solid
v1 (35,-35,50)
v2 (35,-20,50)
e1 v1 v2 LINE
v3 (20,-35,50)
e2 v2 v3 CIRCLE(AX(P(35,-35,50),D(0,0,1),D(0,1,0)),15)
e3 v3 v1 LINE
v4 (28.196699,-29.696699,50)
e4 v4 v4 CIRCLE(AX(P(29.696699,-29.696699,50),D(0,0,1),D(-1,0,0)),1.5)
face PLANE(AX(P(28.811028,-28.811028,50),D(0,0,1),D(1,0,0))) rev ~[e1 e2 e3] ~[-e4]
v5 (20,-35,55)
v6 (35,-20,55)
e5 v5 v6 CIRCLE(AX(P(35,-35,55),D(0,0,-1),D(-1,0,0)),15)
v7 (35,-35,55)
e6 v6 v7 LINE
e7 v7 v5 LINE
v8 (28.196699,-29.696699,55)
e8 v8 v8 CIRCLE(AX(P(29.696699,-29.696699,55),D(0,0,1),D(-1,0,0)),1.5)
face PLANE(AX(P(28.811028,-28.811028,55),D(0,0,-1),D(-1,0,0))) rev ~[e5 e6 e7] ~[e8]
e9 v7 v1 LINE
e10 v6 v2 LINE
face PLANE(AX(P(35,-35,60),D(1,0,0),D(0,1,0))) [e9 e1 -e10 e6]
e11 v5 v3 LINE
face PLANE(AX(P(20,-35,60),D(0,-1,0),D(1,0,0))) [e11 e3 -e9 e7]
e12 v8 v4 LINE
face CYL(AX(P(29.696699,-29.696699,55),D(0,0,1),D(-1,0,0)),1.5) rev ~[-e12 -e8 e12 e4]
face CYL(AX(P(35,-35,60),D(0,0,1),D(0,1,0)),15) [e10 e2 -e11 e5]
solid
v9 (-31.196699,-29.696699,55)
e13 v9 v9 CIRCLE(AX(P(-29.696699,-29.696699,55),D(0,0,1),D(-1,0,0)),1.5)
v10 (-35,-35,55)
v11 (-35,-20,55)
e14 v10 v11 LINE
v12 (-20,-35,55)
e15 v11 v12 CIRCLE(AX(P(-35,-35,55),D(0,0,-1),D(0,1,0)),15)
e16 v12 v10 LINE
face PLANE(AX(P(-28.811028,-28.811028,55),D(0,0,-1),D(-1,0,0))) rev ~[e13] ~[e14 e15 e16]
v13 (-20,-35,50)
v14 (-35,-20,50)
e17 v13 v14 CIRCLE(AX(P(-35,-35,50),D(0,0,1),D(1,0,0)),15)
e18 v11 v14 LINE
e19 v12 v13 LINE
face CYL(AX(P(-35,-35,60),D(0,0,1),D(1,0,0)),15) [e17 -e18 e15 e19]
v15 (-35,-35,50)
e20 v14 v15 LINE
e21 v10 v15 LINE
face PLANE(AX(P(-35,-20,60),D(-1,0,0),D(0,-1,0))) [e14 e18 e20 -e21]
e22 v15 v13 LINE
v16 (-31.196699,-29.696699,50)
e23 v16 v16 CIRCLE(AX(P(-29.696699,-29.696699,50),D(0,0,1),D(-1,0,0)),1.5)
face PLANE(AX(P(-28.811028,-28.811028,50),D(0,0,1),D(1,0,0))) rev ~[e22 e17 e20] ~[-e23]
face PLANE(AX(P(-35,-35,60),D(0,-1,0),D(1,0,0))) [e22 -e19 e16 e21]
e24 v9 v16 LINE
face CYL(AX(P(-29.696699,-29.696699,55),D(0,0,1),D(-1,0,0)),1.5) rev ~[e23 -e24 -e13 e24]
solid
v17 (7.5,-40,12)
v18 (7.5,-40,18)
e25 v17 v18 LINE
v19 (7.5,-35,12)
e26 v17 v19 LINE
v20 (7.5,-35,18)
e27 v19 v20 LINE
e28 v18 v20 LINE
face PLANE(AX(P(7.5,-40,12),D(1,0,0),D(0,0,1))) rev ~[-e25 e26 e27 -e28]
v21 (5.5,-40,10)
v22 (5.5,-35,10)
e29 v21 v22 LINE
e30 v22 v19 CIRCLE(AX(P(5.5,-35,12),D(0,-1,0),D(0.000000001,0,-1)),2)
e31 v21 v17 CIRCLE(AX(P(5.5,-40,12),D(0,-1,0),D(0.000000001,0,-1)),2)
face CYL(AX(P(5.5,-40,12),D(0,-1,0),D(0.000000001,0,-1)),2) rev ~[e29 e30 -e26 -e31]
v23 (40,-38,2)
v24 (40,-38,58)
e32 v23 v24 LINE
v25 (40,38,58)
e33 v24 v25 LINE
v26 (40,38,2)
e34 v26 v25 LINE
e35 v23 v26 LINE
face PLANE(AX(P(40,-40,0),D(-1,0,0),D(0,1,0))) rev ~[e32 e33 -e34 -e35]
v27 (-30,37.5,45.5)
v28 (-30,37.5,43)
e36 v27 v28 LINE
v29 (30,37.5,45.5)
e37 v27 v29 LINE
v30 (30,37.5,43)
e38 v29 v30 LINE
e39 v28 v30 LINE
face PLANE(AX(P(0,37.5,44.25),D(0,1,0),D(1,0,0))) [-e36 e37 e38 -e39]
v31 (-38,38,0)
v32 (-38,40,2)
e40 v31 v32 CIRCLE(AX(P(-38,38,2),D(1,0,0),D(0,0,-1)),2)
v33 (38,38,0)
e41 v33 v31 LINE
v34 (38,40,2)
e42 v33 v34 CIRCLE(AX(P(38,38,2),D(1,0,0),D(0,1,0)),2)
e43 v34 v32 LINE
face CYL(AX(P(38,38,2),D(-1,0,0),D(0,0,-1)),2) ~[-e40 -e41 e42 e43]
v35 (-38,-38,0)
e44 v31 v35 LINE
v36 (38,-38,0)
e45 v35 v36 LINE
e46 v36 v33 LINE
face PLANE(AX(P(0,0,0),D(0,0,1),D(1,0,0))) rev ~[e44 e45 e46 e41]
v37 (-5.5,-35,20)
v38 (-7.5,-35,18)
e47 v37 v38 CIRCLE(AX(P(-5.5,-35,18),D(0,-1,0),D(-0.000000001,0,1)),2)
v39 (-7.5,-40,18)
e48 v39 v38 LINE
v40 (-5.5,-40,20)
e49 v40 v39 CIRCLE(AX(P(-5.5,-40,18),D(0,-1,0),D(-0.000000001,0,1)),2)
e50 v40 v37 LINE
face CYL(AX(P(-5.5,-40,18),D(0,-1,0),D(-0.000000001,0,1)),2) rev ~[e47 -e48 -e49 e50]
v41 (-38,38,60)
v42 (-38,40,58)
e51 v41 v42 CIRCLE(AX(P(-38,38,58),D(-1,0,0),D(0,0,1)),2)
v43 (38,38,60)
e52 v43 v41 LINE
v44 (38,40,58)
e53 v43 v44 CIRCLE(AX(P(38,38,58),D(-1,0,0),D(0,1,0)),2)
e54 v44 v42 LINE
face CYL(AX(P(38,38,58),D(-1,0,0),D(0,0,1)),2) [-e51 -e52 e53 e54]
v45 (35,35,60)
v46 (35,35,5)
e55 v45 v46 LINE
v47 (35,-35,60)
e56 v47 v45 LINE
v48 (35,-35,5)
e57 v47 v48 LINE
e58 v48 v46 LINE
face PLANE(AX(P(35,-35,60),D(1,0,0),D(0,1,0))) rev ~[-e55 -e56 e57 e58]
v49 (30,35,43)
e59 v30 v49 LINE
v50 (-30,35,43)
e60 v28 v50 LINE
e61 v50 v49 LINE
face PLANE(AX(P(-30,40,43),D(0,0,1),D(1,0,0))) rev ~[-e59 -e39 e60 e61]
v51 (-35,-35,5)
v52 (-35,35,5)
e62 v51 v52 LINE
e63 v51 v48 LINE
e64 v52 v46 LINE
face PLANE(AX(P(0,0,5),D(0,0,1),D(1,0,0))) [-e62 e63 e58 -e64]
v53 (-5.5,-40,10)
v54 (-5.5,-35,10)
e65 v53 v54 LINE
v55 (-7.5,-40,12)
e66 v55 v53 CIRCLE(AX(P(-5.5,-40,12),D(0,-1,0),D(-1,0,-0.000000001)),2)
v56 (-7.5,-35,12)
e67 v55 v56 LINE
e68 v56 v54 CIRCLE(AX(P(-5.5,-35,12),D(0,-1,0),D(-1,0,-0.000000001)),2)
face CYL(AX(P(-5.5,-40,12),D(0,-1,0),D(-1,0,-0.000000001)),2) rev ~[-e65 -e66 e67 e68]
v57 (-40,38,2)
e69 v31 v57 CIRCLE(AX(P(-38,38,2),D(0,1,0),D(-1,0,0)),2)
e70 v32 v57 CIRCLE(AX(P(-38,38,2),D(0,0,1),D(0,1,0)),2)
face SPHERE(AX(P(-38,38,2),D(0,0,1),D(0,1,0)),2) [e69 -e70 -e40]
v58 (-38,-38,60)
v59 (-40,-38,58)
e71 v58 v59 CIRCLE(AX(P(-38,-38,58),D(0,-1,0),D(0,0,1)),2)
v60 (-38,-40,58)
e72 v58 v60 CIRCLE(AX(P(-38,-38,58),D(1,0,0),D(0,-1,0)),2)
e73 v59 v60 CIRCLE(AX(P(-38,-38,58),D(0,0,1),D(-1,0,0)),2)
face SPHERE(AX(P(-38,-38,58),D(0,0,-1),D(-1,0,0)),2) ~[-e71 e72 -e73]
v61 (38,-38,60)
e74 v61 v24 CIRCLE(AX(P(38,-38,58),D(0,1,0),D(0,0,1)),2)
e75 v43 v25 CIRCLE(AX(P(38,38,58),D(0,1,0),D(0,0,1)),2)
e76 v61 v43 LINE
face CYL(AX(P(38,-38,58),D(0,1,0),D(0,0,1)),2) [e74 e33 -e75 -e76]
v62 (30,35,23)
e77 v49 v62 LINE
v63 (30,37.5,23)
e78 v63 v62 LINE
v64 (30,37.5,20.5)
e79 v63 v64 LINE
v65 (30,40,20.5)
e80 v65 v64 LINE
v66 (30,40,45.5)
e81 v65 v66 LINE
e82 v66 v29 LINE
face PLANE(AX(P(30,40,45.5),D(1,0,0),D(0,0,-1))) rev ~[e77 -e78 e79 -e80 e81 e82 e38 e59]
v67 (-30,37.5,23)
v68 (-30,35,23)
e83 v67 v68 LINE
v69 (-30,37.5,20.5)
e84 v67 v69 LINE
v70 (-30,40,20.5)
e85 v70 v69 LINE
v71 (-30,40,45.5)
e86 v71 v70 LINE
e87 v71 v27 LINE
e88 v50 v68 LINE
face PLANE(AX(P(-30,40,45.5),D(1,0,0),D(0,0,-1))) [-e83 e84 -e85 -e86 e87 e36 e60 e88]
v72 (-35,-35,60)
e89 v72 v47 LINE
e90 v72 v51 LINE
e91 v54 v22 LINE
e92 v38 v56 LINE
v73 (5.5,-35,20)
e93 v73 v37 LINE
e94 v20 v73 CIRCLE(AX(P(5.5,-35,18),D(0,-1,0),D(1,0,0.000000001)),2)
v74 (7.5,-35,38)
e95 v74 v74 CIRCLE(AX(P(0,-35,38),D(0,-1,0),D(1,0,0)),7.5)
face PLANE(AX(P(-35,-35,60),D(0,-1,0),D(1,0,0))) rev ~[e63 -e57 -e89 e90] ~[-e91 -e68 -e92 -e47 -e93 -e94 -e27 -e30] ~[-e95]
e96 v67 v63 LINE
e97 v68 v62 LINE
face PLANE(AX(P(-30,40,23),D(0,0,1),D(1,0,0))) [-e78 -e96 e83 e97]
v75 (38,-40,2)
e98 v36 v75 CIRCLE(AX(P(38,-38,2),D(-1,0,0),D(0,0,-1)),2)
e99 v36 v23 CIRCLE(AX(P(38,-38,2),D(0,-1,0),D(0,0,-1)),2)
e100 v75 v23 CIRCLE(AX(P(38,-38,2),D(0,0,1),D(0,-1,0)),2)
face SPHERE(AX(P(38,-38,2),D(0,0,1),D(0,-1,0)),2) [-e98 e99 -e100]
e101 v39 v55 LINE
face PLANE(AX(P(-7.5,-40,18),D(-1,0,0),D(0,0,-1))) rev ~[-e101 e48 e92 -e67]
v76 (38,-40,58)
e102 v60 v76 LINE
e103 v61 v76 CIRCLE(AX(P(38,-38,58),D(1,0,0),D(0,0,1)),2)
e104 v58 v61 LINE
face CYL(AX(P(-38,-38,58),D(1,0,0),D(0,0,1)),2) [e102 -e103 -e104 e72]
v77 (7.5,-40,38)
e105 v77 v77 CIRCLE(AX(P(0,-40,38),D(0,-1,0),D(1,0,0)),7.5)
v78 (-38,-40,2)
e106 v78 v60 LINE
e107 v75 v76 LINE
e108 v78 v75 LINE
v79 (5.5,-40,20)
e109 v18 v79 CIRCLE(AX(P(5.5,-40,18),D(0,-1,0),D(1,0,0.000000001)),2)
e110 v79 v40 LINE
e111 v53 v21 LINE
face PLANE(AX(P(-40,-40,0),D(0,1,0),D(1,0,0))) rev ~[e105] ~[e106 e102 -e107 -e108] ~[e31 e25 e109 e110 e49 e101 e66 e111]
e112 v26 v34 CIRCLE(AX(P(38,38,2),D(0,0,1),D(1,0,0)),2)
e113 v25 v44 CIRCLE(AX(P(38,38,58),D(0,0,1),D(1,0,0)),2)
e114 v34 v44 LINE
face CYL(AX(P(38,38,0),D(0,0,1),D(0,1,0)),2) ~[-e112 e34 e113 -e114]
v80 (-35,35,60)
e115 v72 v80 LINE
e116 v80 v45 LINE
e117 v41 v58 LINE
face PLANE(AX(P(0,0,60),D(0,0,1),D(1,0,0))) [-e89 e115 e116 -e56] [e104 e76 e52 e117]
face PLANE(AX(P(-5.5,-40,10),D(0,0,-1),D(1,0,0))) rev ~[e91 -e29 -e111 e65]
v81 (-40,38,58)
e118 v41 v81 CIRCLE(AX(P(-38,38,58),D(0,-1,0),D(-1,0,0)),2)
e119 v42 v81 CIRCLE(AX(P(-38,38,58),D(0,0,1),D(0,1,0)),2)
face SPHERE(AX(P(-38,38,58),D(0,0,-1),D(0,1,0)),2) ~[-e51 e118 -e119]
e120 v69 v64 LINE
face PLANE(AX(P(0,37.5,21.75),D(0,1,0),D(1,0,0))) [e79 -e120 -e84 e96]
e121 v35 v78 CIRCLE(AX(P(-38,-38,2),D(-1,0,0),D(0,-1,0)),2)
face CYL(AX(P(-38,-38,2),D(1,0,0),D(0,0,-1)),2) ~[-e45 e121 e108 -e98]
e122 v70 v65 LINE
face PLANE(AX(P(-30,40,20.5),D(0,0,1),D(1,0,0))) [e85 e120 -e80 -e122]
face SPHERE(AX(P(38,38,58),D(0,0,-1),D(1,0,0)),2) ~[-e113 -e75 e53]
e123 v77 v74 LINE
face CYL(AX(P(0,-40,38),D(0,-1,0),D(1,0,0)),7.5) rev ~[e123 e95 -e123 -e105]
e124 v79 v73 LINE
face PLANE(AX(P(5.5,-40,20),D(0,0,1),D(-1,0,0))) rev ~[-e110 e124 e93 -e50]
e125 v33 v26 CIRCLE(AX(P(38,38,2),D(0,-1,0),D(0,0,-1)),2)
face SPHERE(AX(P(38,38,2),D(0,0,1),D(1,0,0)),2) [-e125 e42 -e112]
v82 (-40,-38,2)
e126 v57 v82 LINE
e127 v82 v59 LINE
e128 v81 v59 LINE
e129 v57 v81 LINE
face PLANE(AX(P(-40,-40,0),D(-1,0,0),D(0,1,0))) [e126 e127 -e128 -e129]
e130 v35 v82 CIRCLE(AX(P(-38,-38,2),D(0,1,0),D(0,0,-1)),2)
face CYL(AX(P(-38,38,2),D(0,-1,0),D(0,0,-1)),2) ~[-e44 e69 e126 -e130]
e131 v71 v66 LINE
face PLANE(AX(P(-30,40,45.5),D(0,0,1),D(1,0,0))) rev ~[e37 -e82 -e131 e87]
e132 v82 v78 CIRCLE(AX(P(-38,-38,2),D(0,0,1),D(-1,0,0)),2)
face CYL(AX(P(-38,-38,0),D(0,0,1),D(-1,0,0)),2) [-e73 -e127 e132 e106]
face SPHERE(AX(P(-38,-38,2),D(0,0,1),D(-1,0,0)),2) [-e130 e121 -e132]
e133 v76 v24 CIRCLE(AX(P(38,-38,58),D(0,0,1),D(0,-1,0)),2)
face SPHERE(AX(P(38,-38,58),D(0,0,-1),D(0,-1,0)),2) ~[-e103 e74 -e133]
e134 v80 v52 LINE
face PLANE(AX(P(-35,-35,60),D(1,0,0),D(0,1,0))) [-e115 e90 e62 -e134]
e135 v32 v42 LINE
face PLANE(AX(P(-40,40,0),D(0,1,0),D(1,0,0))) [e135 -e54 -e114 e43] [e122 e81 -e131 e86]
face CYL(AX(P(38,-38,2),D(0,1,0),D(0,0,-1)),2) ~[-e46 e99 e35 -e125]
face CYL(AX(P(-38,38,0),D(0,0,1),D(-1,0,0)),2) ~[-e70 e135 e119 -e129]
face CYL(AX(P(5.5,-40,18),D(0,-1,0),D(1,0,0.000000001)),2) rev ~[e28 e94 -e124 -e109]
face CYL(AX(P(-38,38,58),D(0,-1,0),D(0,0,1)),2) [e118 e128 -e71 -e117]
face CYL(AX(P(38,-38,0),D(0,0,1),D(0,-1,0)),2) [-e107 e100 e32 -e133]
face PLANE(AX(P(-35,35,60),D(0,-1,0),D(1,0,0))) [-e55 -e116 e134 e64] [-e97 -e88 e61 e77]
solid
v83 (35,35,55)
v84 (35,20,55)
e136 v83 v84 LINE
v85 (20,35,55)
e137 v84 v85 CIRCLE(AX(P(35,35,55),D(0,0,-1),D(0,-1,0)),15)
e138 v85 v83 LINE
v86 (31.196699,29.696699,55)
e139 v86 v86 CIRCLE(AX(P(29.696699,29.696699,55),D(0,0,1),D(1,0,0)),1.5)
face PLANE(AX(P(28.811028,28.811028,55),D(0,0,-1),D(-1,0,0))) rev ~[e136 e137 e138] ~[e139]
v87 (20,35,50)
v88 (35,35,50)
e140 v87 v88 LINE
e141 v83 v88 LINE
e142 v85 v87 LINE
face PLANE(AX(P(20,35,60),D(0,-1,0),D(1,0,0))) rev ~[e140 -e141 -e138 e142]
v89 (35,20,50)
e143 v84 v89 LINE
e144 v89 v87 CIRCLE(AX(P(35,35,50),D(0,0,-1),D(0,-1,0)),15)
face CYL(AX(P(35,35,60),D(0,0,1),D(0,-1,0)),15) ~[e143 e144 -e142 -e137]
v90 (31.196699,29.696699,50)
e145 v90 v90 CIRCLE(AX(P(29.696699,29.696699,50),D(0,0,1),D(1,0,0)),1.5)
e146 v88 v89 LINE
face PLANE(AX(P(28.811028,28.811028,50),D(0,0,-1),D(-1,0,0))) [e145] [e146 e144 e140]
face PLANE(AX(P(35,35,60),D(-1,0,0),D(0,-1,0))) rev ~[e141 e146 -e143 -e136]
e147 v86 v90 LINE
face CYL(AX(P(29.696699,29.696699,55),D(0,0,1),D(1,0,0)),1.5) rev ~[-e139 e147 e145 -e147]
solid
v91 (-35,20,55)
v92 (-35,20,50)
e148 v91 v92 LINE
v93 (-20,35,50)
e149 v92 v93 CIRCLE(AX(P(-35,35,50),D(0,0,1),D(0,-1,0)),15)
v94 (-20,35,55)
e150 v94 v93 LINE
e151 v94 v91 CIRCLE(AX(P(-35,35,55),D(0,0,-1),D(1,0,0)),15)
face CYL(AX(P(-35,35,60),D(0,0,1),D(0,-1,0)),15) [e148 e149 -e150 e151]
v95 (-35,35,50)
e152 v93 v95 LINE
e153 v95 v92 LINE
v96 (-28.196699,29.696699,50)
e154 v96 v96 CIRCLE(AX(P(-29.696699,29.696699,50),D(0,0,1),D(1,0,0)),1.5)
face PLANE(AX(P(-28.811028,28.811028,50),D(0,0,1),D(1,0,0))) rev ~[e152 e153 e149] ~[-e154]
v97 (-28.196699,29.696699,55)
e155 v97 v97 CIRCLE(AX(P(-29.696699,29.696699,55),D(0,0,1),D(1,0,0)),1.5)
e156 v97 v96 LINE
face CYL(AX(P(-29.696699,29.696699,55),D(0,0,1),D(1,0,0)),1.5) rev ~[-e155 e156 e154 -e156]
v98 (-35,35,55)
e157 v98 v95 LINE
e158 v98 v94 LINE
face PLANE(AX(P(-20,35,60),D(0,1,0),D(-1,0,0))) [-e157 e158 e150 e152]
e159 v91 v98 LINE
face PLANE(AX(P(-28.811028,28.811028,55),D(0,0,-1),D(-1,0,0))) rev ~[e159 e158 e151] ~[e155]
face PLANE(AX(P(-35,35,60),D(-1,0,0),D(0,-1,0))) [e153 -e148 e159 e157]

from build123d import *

# Parameters (mm, degrees)
SKETCH_1_W          = 80
SKETCH_1_H          = 80
EXTRUDE_2_DEPTH     = 60
SKETCH_2_W          = 70
SKETCH_2_H          = 70
CUT_EXTRUDE_1_DEPTH = 55
EXTRUDE_3_DEPTH     = 10
EXTRUDE_3_2_DEPTH   = 10
EXTRUDE_3_3_DEPTH   = 10
EXTRUDE_3_4_DEPTH   = 10
CUT_EXTRUDE_2_DEPTH = 5
SKETCH_6_R          = 1.5
CUT_EXTRUDE_3_DEPTH = 5
CUT_EXTRUDE_4_DEPTH = 5
FILLET_1_R          = 2
FILLET_2_R          = 2
FILLET_3_R          = 2
FILLET_4_R          = 2
SKETCH_10_R         = 7.5
CUT_EXTRUDE_5_DEPTH = 5
SKETCH_11_W         = 60
SKETCH_11_H         = 20
CUT_EXTRUDE_6_DEPTH = 5
SKETCH_12_W         = 60
SKETCH_12_H         = 2.5
CUT_EXTRUDE_9_DEPTH = 2.5


with BuildPart() as part:
    # Эскиз1 → Бобышка-Вытянуть2 (new body)
    with BuildSketch(Plane.XY):
        Rectangle(SKETCH_1_W, SKETCH_1_H)
    extrude(amount=EXTRUDE_2_DEPTH)

    # Эскиз2 → Вырез-Вытянуть1 (cut)
    with BuildSketch(Plane.XY.offset(60)):
        Rectangle(SKETCH_2_W, SKETCH_2_H)
    extrude(amount=-CUT_EXTRUDE_1_DEPTH, mode=Mode.SUBTRACT)

    # Эскиз7 → Вырез-Вытянуть4 (cut)
    with BuildSketch(Plane.XZ.offset(40)):
        with BuildLine():
            Line((5.5, 20), (-5.5, 20))
            ThreePointArc((-5.5, 20), (-6.914213562, 19.414213562), (-7.5, 18))
            Line((-7.5, 18), (-7.5, 12))
            ThreePointArc((-7.5, 12), (-6.914213562, 10.585786438), (-5.5, 10))
            Line((-5.5, 10), (5.5, 10))
            ThreePointArc((5.5, 10), (6.914213562, 10.585786438), (7.5, 12))
            Line((7.5, 12), (7.5, 18))
            ThreePointArc((7.5, 18), (6.914213562, 19.414213562), (5.5, 20))
        make_face()
    extrude(amount=-CUT_EXTRUDE_4_DEPTH, mode=Mode.SUBTRACT)

    # Скругление1
    fillet_1_edges = [part.edges().sort_by_distance(p)[0] for p in [
        (40, -40, 30),
        (-40, -40, 30),
    ]]
    fillet(fillet_1_edges, radius=FILLET_1_R)

    # Скругление2
    fillet_2_edges = [part.edges().sort_by_distance(p)[0] for p in [
        (-40, 40, 30),
        (40, 40, 30),
    ]]
    fillet(fillet_2_edges, radius=FILLET_2_R)

    # Скругление3
    fillet_3_edges = [part.edges().sort_by_distance(p)[0] for p in [
        (40, 0, 60),
        (0, -40, 60),
        (-39.414213562, -39.414213562, 60),
        (39.414213562, -39.414213562, 60),
        (-40, 0, 60),
        (0, 40, 60),
        (39.414213562, 39.414213562, 60),
        (-39.414213562, 39.414213562, 60),
    ]]
    fillet(fillet_3_edges, radius=FILLET_3_R)

    # Скругление4
    fillet_4_edges = [part.edges().sort_by_distance(p)[0] for p in [
        (40, 0, 0),
        (0, -40, 0),
        (-39.414213562, -39.414213562, 0),
        (39.414213562, -39.414213562, 0),
        (-40, 0, 0),
        (0, 40, 0),
        (39.414213562, 39.414213562, 0),
        (-39.414213562, 39.414213562, 0),
    ]]
    fillet(fillet_4_edges, radius=FILLET_4_R)

    # Эскиз10 → Вырез-Вытянуть5 (cut)
    with BuildSketch(Plane.XZ.offset(40)):
        with Locations((0, 38)):
            Circle(SKETCH_10_R)
    extrude(amount=-CUT_EXTRUDE_5_DEPTH, mode=Mode.SUBTRACT)

    # Эскиз11 → Вырез-Вытянуть6 (cut)
    with BuildSketch(Plane(origin=(0, 40, 0), x_dir=(1, 0, 0), z_dir=(0, 1, 0))):
        with Locations((0, -33)):
            Rectangle(SKETCH_11_W, SKETCH_11_H)
    extrude(amount=-CUT_EXTRUDE_6_DEPTH, mode=Mode.SUBTRACT)

    # Эскиз12 → Вырез-Вытянуть9 (cut)
    with BuildSketch(Plane(origin=(0, 40, 0), x_dir=(1, 0, 0), z_dir=(0, 1, 0))):
        with Locations((0, -21.75)):
            Rectangle(SKETCH_12_W, SKETCH_12_H)
        with Locations((0, -44.25)):
            Rectangle(SKETCH_12_W, SKETCH_12_H)
    extrude(amount=-CUT_EXTRUDE_9_DEPTH, mode=Mode.SUBTRACT)


with BuildPart() as body_2:
    # Эскиз3 → Бобышка-Вытянуть3 (new body)
    with BuildSketch(Plane.XY.offset(60)):
        with BuildLine():
            Line((-35, 35), (-35, 20))
            ThreePointArc((-35, 20), (-24.393398282, 24.393398282), (-20, 35))
            Line((-20, 35), (-35, 35))
        make_face()
    extrude(amount=-EXTRUDE_3_DEPTH)


with BuildPart() as body_3:
    # Эскиз3 → Extrude 3 2 (new body)
    with BuildSketch(Plane.XY.offset(60)):
        with BuildLine():
            Line((35, 35), (35, 20))
            ThreePointArc((35, 20), (24.393398282, 24.393398282), (20, 35))
            Line((20, 35), (35, 35))
        make_face()
    extrude(amount=-EXTRUDE_3_2_DEPTH)


with BuildPart() as body_4:
    # Эскиз3 → Extrude 3 3 (new body)
    with BuildSketch(Plane.XY.offset(60)):
        with BuildLine():
            Line((20, -35), (35, -35))
            Line((35, -35), (35, -20))
            ThreePointArc((35, -20), (24.393398282, -24.393398282), (20, -35))
        make_face()
    extrude(amount=-EXTRUDE_3_3_DEPTH)


with BuildPart() as body_5:
    # Эскиз3 → Extrude 3 4 (new body)
    with BuildSketch(Plane.XY.offset(60)):
        with BuildLine():
            Line((-35, -20), (-35, -35))
            Line((-35, -35), (-20, -35))
            ThreePointArc((-20, -35), (-24.393398282, -24.393398282), (-35, -20))
        make_face()
    extrude(amount=-EXTRUDE_3_4_DEPTH)


with BuildPart() as cut_extrude_2_tool:
    # Эскиз5 → Вырез-Вытянуть2 (new body)
    with BuildSketch(Plane.XY.offset(60)):
        with BuildLine():
            Line((-35, 35), (-20, 35))
            ThreePointArc((-20, 35), (-24.393398282, 24.393398282), (-35, 20))
            Line((-35, 20), (-35, 35))
        make_face()
        with BuildLine():
            Line((35, 35), (35, 20))
            ThreePointArc((35, 20), (24.393398282, 24.393398282), (20, 35))
            Line((20, 35), (35, 35))
        make_face()
        with BuildLine():
            Line((35, -20), (35, -35))
            Line((35, -35), (20, -35))
            ThreePointArc((20, -35), (24.393398282, -24.393398282), (35, -20))
        make_face()
        with BuildLine():
            Line((-20, -35), (-35, -35))
            Line((-35, -35), (-35, -20))
            ThreePointArc((-35, -20), (-24.393398282, -24.393398282), (-20, -35))
        make_face()
    extrude(amount=-CUT_EXTRUDE_2_DEPTH)


with BuildPart() as body_2_1:
    add(body_2.part)

    # Вырез-Вытянуть2: cut by cut_extrude_2_tool
    add(cut_extrude_2_tool.part, mode=Mode.SUBTRACT)


with BuildPart() as body_3_1:
    add(body_3.part)

    # Вырез-Вытянуть2: cut by cut_extrude_2_tool
    add(cut_extrude_2_tool.part, mode=Mode.SUBTRACT)


with BuildPart() as body_4_1:
    add(body_4.part)

    # Вырез-Вытянуть2: cut by cut_extrude_2_tool
    add(cut_extrude_2_tool.part, mode=Mode.SUBTRACT)


with BuildPart() as body_5_1:
    add(body_5.part)

    # Вырез-Вытянуть2: cut by cut_extrude_2_tool
    add(cut_extrude_2_tool.part, mode=Mode.SUBTRACT)


with BuildPart() as cut_extrude_3_tool:
    # Эскиз6 → Вырез-Вытянуть3 (new body)
    with BuildSketch(Plane.XY.offset(55)):
        with Locations((-29.696699141, 29.696699141)):
            Circle(SKETCH_6_R)
        with Locations((29.696699141, 29.696699141)):
            Circle(SKETCH_6_R)
        with Locations(Location((29.696699141, -29.696699141, 0), (0, 0, 180))):
            Circle(SKETCH_6_R)
        with Locations(Location((-29.696699141, -29.696699141, 0), (0, 0, 180))):
            Circle(SKETCH_6_R)
    extrude(amount=-CUT_EXTRUDE_3_DEPTH)


with BuildPart() as body_2_2:
    add(body_2_1.part)

    # Вырез-Вытянуть3: cut by cut_extrude_3_tool
    add(cut_extrude_3_tool.part, mode=Mode.SUBTRACT)


with BuildPart() as body_3_2:
    add(body_3_1.part)

    # Вырез-Вытянуть3: cut by cut_extrude_3_tool
    add(cut_extrude_3_tool.part, mode=Mode.SUBTRACT)


with BuildPart() as body_4_2:
    add(body_4_1.part)

    # Вырез-Вытянуть3: cut by cut_extrude_3_tool
    add(cut_extrude_3_tool.part, mode=Mode.SUBTRACT)


with BuildPart() as body_5_2:
    add(body_5_1.part)

    # Вырез-Вытянуть3: cut by cut_extrude_3_tool
    add(cut_extrude_3_tool.part, mode=Mode.SUBTRACT)


solid = Compound([part.part, body_2_2.part, body_3_2.part, body_4_2.part, body_5_2.part])
